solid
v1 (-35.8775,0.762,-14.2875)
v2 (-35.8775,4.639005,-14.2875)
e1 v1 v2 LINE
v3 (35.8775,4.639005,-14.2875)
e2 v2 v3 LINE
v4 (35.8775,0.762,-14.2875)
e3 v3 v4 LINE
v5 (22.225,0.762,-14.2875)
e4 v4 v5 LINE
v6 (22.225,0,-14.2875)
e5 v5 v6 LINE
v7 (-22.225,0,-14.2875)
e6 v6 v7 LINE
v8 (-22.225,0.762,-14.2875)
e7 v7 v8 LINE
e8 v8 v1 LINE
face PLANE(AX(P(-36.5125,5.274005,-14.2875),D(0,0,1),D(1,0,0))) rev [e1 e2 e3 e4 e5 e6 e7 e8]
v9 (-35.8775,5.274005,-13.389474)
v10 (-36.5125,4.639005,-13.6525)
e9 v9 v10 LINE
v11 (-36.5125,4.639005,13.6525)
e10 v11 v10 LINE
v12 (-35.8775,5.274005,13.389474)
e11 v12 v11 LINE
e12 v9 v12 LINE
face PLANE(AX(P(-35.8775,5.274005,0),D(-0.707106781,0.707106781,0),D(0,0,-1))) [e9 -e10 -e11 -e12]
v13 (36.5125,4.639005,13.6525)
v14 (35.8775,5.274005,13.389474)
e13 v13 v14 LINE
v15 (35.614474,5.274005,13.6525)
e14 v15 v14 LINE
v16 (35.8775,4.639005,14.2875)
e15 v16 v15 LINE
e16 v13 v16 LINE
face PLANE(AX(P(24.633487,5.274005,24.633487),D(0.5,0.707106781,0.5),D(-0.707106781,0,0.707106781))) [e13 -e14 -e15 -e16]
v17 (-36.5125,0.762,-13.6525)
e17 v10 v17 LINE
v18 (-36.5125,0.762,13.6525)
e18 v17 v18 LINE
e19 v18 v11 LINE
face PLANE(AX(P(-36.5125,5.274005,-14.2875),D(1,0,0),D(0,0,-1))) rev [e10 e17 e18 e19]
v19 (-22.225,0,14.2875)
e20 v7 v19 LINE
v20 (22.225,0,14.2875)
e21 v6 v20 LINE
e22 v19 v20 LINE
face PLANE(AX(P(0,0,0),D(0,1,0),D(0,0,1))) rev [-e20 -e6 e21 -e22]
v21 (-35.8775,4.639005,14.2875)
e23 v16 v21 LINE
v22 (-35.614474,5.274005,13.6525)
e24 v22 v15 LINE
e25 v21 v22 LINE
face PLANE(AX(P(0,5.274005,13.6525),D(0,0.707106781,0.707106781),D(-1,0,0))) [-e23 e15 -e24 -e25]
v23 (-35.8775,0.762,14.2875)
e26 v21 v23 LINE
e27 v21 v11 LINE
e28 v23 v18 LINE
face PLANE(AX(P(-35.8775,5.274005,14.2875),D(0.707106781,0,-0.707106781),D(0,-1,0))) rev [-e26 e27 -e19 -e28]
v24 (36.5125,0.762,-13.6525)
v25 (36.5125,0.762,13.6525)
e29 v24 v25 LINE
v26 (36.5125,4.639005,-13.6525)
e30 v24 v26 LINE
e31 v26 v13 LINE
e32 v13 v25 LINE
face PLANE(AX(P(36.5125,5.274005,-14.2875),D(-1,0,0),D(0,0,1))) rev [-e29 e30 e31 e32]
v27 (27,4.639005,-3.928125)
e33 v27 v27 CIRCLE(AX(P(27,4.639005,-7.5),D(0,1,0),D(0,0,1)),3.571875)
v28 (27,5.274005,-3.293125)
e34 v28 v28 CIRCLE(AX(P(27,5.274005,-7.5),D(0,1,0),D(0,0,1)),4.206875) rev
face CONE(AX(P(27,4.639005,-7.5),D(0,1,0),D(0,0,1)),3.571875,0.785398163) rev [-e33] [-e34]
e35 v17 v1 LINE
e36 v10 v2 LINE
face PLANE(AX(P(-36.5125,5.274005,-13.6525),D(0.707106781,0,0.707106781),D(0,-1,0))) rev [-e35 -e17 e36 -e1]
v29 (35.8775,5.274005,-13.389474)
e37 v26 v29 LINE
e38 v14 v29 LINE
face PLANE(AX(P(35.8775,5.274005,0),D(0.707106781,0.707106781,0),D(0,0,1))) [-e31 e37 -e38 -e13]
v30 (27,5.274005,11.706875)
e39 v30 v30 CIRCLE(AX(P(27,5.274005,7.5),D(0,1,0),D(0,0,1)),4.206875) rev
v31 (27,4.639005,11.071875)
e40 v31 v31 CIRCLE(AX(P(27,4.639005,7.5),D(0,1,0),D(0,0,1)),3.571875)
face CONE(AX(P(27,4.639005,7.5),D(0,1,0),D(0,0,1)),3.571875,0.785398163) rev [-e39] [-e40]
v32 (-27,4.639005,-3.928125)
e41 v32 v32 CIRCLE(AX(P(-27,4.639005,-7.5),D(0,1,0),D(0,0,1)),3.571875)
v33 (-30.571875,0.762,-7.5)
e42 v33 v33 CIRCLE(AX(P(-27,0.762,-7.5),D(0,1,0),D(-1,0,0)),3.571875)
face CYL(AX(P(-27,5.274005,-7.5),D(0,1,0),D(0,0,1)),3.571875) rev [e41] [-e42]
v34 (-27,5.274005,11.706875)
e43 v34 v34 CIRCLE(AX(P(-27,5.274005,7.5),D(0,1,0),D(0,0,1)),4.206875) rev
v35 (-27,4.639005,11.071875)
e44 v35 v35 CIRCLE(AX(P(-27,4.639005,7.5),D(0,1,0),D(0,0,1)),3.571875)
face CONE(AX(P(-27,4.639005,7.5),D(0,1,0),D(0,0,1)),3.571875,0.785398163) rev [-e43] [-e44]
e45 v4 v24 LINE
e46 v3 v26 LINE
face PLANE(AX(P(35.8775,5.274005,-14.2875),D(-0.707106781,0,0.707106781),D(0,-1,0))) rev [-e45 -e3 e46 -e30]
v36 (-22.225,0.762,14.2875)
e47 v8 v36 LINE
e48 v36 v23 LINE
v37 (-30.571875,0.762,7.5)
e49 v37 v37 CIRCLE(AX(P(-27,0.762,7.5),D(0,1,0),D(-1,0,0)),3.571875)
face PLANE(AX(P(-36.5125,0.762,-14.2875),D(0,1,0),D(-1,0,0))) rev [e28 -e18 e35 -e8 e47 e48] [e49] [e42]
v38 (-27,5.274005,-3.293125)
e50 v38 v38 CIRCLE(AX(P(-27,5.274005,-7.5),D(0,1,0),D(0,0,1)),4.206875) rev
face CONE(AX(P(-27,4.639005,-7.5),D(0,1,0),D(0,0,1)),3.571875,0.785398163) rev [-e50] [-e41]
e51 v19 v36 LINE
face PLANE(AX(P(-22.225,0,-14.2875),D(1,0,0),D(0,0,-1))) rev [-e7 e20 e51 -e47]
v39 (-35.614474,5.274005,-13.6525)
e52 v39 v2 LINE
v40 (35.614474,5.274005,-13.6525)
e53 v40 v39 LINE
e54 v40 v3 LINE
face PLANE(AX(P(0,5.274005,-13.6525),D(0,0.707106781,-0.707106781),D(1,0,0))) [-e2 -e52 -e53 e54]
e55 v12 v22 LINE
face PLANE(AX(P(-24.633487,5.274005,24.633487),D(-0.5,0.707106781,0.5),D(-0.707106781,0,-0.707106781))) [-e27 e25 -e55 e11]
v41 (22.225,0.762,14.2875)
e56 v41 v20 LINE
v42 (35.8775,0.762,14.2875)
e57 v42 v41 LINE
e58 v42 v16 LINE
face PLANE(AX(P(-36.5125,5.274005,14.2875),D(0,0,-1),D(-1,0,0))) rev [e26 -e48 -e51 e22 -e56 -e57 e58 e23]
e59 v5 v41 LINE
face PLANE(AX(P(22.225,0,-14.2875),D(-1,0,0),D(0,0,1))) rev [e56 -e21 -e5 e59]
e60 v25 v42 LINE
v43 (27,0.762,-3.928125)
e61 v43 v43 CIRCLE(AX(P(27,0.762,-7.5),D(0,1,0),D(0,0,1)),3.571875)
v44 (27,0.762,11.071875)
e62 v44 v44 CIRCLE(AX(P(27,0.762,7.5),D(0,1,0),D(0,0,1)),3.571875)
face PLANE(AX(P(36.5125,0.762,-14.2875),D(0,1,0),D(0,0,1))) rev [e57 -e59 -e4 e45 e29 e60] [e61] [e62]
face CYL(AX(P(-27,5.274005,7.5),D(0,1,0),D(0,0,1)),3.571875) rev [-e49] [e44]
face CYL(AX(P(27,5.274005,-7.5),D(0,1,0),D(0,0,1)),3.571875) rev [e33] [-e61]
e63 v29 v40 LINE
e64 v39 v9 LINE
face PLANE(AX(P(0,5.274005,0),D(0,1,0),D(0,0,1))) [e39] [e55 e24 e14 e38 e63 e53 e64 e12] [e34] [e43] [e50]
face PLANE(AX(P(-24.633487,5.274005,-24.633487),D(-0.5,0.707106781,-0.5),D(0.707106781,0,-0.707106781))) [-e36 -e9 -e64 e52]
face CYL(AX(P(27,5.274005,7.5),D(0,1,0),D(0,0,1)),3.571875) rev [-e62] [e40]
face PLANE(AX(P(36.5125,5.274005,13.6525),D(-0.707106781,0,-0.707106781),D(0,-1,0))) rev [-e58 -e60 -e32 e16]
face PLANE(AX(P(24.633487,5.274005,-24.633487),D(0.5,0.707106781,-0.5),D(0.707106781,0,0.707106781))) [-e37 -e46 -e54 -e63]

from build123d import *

# Parameters (mm, degrees)
SKETCH1_W                       = 73.025
SKETCH1_H                       = 28.575
BOSS_EXTRUDE1_DEPTH             = 5.2740052
SKETCH2_W                       = 14.2875
SKETCH2_H                       = 0.762
CUT_EXTRUDE1_DEPTH              = 47.663780517
F_9_32_0_28125_DIAMETER_HOLE1_D = 7.14375
CHAMFER1_SIZE                   = 0.635
CHAMFER2_SIZE                   = 0.635


with BuildPart() as part:
    # Sketch1 → Boss-Extrude1 (new body)
    with BuildSketch(Plane(origin=(0, 0, 0), x_dir=(1, 0, 0), z_dir=(0, 1, 0))):
        Rectangle(SKETCH1_W, SKETCH1_H)
    extrude(amount=BOSS_EXTRUDE1_DEPTH)

    # Sketch2 → Cut-Extrude1 (cut, through all)
    with BuildSketch(Plane.XY.offset(14.2875)):
        with Locations((-29.36875, 0.381)):
            Rectangle(SKETCH2_W, SKETCH2_H)
        with Locations((29.36875, 0.381)):
            Rectangle(SKETCH2_W, SKETCH2_H)
    extrude(amount=-CUT_EXTRUDE1_DEPTH, mode=Mode.SUBTRACT)

    # 9/32 (0.28125) Diameter Hole1 (through all)
    with Locations(Plane(origin=(0, 5.2740052, 0), x_dir=(-1, 0, 0), z_dir=(0, 1, 0))):
        with Locations((27, -7.5), (-27, 7.5), (-27, -7.5), (27, 7.5)):
            Hole(F_9_32_0_28125_DIAMETER_HOLE1_D / 2)

    # Chamfer1
    chamfer1_edges = [part.edges().sort_by_distance(p)[0] for p in [
        (36.5125, 3.0180026, 14.2875),
        (-36.5125, 3.0180026, 14.2875),
        (-36.5125, 3.0180026, -14.2875),
        (36.5125, 3.0180026, -14.2875),
    ]]
    chamfer(chamfer1_edges, length=CHAMFER1_SIZE)

    # Chamfer2
    chamfer2_edges = [part.edges().sort_by_distance(p)[0] for p in [
        (-30.571875, 5.2740052, 7.5),
        (23.428125, 5.2740052, -7.5),
        (23.428125, 5.2740052, 7.5),
        (-30.571875, 5.2740052, -7.5),
        (36.5125, 5.2740052, 0),
        (0, 5.2740052, 14.2875),
        (0, 5.2740052, -14.2875),
        (-36.5125, 5.2740052, 0),
        (-36.195, 5.2740052, 13.97),
        (-36.195, 5.2740052, -13.97),
        (36.195, 5.2740052, -13.97),
        (36.195, 5.2740052, 13.97),
    ]]
    chamfer(chamfer2_edges, length=CHAMFER2_SIZE)


solid = part.part
